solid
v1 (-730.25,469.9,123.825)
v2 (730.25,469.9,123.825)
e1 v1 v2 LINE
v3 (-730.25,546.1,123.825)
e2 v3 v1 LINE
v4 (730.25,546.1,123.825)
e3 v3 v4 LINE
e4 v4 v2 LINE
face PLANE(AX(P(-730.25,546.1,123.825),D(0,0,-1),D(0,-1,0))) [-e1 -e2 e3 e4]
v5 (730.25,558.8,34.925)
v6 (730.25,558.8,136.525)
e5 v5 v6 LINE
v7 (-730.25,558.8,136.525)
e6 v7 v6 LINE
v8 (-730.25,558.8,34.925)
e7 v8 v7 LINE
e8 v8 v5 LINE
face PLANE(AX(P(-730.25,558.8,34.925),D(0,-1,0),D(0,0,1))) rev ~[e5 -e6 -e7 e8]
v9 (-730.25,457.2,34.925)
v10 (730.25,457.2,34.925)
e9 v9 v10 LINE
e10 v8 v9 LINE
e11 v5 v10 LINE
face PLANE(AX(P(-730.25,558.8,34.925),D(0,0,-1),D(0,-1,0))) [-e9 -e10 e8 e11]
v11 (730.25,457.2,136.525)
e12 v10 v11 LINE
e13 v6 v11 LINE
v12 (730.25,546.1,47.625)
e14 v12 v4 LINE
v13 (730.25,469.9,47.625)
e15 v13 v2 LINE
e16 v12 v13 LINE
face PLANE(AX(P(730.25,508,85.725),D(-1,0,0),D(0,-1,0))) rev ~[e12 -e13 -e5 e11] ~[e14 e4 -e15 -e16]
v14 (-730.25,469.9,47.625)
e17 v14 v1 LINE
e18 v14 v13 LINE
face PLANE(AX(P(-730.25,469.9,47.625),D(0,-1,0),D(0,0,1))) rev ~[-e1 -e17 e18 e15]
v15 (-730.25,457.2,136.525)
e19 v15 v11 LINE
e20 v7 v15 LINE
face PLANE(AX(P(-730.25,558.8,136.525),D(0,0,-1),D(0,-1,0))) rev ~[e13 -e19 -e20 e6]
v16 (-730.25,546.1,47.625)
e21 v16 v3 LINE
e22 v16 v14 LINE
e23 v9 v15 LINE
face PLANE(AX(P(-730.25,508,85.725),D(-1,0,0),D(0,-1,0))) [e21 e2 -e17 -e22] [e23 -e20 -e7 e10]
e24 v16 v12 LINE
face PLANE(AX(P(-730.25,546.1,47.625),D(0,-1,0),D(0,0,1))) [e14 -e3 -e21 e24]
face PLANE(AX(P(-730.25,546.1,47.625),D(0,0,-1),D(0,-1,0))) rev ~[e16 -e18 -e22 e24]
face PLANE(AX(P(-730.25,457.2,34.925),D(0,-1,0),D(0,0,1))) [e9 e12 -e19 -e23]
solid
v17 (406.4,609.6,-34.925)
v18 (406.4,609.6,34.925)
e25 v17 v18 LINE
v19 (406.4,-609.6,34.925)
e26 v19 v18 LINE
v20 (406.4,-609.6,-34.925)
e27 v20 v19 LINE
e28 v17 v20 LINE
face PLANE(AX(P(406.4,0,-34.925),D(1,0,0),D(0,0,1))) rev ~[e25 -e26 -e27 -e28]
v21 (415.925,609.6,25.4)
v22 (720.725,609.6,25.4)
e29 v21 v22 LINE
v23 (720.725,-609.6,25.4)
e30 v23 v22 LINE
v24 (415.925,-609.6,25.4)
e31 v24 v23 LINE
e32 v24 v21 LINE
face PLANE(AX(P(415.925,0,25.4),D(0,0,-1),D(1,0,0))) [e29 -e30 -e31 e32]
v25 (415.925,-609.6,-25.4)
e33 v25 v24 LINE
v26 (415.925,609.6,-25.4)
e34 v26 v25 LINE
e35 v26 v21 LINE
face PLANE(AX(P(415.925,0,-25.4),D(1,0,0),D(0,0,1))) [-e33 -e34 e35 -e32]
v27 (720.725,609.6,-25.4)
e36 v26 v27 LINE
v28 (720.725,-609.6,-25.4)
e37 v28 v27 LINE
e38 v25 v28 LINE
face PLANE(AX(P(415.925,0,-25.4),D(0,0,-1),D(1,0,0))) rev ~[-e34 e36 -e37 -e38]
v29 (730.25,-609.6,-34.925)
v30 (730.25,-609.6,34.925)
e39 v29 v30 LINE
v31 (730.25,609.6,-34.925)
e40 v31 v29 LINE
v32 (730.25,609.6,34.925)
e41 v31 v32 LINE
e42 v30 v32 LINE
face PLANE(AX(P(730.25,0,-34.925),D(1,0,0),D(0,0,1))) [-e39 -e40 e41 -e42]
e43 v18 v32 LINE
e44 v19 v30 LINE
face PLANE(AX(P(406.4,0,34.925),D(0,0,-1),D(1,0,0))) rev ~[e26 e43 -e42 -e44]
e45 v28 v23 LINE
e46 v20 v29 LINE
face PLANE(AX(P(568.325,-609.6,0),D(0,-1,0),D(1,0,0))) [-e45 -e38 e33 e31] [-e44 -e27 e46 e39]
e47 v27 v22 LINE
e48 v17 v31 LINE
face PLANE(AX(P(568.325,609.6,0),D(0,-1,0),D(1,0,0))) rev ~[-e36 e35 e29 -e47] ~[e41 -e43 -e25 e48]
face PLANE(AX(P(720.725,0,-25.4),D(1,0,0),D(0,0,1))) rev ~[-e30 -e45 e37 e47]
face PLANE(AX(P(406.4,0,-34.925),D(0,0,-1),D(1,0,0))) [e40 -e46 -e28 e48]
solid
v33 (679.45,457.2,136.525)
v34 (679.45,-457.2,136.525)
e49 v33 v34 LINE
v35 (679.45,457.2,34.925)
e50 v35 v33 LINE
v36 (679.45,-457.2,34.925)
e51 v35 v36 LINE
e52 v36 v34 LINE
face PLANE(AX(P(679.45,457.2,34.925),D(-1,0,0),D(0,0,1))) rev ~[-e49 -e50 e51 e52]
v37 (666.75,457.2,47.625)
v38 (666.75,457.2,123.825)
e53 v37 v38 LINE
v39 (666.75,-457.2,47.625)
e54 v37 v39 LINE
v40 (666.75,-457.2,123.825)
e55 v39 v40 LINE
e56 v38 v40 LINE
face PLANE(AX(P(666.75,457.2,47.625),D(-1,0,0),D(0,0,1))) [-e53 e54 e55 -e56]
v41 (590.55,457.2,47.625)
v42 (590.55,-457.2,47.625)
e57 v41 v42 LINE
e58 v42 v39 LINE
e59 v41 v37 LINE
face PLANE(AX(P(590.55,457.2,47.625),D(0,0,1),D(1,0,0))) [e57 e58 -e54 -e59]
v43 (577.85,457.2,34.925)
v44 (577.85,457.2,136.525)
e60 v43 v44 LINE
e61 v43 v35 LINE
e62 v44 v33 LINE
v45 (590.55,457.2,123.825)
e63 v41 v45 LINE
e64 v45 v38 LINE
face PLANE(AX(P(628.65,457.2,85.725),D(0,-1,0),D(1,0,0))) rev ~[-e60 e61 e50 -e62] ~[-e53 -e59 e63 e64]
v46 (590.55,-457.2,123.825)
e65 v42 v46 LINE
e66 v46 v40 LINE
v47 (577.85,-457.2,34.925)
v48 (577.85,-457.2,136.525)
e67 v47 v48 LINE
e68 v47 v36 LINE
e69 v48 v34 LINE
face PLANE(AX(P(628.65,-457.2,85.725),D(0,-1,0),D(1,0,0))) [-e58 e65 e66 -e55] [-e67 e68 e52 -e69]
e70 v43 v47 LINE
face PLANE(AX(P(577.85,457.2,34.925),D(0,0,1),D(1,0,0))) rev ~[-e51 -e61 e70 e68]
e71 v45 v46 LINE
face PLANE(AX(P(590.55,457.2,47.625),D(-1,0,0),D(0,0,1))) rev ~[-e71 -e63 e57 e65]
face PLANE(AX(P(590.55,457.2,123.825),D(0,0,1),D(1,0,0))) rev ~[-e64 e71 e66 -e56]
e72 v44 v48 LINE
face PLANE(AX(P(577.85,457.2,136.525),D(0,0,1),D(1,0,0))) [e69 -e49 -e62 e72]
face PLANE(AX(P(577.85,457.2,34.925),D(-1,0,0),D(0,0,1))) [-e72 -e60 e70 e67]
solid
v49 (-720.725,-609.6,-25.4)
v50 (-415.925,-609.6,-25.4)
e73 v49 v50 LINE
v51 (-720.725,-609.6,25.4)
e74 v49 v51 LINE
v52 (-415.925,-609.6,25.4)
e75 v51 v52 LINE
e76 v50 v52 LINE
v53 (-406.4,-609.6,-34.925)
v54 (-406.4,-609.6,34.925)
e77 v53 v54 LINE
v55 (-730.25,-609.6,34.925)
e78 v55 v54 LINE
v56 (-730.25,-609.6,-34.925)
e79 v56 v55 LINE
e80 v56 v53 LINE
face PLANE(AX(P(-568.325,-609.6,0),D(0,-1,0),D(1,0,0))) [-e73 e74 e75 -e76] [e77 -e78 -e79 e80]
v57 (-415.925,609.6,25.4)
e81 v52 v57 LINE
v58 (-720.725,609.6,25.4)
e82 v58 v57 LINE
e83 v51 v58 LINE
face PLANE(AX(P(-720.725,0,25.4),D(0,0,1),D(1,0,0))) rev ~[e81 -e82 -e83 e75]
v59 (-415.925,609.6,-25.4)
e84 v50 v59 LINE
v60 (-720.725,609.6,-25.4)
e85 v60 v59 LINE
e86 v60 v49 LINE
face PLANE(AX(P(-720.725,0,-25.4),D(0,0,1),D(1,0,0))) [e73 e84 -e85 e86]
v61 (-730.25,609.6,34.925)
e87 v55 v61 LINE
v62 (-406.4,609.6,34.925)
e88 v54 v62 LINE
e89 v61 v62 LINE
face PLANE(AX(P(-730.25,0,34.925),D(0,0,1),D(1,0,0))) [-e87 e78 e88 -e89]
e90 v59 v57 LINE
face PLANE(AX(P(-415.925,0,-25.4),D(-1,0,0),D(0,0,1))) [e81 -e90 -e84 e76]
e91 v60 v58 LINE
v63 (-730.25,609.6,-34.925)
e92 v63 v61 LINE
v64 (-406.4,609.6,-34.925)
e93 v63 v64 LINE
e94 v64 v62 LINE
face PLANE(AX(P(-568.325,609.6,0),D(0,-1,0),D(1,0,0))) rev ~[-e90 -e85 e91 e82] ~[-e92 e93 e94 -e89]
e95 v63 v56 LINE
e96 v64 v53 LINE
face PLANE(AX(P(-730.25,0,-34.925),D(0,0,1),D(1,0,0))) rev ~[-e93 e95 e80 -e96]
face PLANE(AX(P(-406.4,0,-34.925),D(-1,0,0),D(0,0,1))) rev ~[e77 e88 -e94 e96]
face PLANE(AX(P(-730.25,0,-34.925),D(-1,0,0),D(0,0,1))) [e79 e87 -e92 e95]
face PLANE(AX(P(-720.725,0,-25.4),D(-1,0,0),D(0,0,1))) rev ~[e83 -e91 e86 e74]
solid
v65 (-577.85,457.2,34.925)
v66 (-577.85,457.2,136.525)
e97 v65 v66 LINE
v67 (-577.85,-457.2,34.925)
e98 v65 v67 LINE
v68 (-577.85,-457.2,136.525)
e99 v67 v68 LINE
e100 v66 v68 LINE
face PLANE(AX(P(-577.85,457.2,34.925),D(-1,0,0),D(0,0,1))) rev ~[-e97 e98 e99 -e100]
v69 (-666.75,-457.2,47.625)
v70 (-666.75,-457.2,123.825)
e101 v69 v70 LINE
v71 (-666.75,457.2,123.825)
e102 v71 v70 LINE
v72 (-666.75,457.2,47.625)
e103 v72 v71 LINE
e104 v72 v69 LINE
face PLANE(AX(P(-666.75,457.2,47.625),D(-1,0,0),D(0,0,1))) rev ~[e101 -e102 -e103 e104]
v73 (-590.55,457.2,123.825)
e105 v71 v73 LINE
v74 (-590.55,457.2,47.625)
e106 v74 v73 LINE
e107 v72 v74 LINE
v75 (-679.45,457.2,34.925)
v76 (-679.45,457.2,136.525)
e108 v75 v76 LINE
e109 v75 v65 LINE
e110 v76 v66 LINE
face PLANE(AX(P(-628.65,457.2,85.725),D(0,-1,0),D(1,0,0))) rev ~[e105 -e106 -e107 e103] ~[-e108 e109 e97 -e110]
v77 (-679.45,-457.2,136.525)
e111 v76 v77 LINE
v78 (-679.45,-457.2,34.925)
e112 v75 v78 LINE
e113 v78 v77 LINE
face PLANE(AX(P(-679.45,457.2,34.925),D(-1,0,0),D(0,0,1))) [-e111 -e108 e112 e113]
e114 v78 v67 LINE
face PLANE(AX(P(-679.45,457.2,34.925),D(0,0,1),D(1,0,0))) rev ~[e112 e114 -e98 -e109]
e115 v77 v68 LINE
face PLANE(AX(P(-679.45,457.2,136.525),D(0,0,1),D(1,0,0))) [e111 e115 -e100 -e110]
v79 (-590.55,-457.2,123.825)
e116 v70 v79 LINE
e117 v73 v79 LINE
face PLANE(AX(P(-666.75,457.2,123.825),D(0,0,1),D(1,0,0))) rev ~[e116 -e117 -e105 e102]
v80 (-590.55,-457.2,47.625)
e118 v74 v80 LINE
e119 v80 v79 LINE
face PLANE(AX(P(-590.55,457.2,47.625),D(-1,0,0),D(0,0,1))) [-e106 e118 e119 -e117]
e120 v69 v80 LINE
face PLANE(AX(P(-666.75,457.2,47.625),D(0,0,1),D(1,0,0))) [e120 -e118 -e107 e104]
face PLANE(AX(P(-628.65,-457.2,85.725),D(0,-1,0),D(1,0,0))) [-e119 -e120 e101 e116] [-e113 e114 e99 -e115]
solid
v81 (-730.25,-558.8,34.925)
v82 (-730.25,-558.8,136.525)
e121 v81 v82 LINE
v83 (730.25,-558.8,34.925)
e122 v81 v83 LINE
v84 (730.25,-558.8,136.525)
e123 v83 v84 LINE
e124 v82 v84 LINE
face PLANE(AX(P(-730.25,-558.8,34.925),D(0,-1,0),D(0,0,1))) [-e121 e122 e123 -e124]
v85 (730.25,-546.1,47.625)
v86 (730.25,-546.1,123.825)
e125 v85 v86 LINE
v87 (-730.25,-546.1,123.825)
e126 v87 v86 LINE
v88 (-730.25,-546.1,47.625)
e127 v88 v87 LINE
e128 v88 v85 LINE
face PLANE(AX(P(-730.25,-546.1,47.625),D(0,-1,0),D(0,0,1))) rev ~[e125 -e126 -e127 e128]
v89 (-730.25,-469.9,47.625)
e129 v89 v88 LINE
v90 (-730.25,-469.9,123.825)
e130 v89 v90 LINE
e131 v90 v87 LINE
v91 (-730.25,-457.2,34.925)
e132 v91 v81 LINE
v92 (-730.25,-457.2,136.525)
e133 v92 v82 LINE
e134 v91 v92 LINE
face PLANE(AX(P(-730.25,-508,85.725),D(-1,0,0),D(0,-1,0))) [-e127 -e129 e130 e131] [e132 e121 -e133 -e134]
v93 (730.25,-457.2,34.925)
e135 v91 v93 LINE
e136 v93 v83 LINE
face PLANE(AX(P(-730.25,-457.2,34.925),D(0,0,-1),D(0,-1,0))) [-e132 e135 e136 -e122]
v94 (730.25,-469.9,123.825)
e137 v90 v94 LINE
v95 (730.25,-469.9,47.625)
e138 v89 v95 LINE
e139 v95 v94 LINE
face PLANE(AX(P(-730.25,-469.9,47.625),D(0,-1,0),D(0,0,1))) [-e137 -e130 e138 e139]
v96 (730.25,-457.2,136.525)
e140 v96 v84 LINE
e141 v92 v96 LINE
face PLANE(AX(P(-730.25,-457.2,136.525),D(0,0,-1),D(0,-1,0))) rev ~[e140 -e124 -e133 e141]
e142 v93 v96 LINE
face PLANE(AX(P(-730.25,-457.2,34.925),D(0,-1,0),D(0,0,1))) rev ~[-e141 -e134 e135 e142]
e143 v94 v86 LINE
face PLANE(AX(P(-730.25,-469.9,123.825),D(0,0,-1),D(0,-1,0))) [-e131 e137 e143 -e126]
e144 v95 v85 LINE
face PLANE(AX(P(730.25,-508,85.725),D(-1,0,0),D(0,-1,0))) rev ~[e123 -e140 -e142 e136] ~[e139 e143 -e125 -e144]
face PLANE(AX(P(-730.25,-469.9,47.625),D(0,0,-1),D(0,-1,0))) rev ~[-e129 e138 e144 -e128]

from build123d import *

# Parameters (mm, degrees)
F0_W     = 323.85
F0_H     = 69.85
F0_W_2   = 304.8
F0_H_2   = 50.8
F1_DEPTH = 609.6
F2_W     = 101.6
F2_H     = 101.6
F2_W_2   = 76.2
F2_H_2   = 76.2
F3_DEPTH = 1460.5
F4_W     = 101.6
F4_H     = 101.6
F4_W_2   = 76.2
F4_H_2   = 76.2
F5_DEPTH = 914.4


with BuildPart() as f1:
    # F0 (on Front) → F1 (new body, symmetric)
    with BuildSketch(Plane.XZ):
        with Locations((-568.325, 0)):
            Rectangle(F0_W, F0_H)
        with Locations((-568.325, 0)):
            Rectangle(F0_W_2, F0_H_2, mode=Mode.SUBTRACT)
        with Locations((568.325, 0)):
            Rectangle(F0_W, F0_H)
        with Locations((568.325, 0)):
            Rectangle(F0_W_2, F0_H_2, mode=Mode.SUBTRACT)
    extrude(amount=F1_DEPTH, both=True)


with BuildPart() as f3:
    # F2 (on face) → F3 (new body)
    with BuildSketch(Plane(origin=(-730.25, 0, 0), x_dir=(0, -1, 0), z_dir=(-1, 0, 0))):
        with Locations((508, 85.725)):
            Rectangle(F2_W, F2_H)
        with Locations((508, 85.725)):
            Rectangle(F2_W_2, F2_H_2, mode=Mode.SUBTRACT)
        with Locations((-508, 85.725)):
            Rectangle(F2_W, F2_H)
        with Locations((-508, 85.725)):
            Rectangle(F2_W_2, F2_H_2, mode=Mode.SUBTRACT)
    extrude(amount=-F3_DEPTH)


with BuildPart() as f5:
    # F4 (on face) → F5 (new body)
    with BuildSketch(Plane.XZ.offset(-457.2)):
        with Locations((-628.65, 85.725)):
            Rectangle(F4_W, F4_H)
        with Locations((-628.65, 85.725)):
            Rectangle(F4_W_2, F4_H_2, mode=Mode.SUBTRACT)
        with Locations((628.65, 85.725)):
            Rectangle(F4_W, F4_H)
        with Locations((628.65, 85.725)):
            Rectangle(F4_W_2, F4_H_2, mode=Mode.SUBTRACT)
    extrude(amount=F5_DEPTH)


solid = Compound([f1.part, f3.part, f5.part])
